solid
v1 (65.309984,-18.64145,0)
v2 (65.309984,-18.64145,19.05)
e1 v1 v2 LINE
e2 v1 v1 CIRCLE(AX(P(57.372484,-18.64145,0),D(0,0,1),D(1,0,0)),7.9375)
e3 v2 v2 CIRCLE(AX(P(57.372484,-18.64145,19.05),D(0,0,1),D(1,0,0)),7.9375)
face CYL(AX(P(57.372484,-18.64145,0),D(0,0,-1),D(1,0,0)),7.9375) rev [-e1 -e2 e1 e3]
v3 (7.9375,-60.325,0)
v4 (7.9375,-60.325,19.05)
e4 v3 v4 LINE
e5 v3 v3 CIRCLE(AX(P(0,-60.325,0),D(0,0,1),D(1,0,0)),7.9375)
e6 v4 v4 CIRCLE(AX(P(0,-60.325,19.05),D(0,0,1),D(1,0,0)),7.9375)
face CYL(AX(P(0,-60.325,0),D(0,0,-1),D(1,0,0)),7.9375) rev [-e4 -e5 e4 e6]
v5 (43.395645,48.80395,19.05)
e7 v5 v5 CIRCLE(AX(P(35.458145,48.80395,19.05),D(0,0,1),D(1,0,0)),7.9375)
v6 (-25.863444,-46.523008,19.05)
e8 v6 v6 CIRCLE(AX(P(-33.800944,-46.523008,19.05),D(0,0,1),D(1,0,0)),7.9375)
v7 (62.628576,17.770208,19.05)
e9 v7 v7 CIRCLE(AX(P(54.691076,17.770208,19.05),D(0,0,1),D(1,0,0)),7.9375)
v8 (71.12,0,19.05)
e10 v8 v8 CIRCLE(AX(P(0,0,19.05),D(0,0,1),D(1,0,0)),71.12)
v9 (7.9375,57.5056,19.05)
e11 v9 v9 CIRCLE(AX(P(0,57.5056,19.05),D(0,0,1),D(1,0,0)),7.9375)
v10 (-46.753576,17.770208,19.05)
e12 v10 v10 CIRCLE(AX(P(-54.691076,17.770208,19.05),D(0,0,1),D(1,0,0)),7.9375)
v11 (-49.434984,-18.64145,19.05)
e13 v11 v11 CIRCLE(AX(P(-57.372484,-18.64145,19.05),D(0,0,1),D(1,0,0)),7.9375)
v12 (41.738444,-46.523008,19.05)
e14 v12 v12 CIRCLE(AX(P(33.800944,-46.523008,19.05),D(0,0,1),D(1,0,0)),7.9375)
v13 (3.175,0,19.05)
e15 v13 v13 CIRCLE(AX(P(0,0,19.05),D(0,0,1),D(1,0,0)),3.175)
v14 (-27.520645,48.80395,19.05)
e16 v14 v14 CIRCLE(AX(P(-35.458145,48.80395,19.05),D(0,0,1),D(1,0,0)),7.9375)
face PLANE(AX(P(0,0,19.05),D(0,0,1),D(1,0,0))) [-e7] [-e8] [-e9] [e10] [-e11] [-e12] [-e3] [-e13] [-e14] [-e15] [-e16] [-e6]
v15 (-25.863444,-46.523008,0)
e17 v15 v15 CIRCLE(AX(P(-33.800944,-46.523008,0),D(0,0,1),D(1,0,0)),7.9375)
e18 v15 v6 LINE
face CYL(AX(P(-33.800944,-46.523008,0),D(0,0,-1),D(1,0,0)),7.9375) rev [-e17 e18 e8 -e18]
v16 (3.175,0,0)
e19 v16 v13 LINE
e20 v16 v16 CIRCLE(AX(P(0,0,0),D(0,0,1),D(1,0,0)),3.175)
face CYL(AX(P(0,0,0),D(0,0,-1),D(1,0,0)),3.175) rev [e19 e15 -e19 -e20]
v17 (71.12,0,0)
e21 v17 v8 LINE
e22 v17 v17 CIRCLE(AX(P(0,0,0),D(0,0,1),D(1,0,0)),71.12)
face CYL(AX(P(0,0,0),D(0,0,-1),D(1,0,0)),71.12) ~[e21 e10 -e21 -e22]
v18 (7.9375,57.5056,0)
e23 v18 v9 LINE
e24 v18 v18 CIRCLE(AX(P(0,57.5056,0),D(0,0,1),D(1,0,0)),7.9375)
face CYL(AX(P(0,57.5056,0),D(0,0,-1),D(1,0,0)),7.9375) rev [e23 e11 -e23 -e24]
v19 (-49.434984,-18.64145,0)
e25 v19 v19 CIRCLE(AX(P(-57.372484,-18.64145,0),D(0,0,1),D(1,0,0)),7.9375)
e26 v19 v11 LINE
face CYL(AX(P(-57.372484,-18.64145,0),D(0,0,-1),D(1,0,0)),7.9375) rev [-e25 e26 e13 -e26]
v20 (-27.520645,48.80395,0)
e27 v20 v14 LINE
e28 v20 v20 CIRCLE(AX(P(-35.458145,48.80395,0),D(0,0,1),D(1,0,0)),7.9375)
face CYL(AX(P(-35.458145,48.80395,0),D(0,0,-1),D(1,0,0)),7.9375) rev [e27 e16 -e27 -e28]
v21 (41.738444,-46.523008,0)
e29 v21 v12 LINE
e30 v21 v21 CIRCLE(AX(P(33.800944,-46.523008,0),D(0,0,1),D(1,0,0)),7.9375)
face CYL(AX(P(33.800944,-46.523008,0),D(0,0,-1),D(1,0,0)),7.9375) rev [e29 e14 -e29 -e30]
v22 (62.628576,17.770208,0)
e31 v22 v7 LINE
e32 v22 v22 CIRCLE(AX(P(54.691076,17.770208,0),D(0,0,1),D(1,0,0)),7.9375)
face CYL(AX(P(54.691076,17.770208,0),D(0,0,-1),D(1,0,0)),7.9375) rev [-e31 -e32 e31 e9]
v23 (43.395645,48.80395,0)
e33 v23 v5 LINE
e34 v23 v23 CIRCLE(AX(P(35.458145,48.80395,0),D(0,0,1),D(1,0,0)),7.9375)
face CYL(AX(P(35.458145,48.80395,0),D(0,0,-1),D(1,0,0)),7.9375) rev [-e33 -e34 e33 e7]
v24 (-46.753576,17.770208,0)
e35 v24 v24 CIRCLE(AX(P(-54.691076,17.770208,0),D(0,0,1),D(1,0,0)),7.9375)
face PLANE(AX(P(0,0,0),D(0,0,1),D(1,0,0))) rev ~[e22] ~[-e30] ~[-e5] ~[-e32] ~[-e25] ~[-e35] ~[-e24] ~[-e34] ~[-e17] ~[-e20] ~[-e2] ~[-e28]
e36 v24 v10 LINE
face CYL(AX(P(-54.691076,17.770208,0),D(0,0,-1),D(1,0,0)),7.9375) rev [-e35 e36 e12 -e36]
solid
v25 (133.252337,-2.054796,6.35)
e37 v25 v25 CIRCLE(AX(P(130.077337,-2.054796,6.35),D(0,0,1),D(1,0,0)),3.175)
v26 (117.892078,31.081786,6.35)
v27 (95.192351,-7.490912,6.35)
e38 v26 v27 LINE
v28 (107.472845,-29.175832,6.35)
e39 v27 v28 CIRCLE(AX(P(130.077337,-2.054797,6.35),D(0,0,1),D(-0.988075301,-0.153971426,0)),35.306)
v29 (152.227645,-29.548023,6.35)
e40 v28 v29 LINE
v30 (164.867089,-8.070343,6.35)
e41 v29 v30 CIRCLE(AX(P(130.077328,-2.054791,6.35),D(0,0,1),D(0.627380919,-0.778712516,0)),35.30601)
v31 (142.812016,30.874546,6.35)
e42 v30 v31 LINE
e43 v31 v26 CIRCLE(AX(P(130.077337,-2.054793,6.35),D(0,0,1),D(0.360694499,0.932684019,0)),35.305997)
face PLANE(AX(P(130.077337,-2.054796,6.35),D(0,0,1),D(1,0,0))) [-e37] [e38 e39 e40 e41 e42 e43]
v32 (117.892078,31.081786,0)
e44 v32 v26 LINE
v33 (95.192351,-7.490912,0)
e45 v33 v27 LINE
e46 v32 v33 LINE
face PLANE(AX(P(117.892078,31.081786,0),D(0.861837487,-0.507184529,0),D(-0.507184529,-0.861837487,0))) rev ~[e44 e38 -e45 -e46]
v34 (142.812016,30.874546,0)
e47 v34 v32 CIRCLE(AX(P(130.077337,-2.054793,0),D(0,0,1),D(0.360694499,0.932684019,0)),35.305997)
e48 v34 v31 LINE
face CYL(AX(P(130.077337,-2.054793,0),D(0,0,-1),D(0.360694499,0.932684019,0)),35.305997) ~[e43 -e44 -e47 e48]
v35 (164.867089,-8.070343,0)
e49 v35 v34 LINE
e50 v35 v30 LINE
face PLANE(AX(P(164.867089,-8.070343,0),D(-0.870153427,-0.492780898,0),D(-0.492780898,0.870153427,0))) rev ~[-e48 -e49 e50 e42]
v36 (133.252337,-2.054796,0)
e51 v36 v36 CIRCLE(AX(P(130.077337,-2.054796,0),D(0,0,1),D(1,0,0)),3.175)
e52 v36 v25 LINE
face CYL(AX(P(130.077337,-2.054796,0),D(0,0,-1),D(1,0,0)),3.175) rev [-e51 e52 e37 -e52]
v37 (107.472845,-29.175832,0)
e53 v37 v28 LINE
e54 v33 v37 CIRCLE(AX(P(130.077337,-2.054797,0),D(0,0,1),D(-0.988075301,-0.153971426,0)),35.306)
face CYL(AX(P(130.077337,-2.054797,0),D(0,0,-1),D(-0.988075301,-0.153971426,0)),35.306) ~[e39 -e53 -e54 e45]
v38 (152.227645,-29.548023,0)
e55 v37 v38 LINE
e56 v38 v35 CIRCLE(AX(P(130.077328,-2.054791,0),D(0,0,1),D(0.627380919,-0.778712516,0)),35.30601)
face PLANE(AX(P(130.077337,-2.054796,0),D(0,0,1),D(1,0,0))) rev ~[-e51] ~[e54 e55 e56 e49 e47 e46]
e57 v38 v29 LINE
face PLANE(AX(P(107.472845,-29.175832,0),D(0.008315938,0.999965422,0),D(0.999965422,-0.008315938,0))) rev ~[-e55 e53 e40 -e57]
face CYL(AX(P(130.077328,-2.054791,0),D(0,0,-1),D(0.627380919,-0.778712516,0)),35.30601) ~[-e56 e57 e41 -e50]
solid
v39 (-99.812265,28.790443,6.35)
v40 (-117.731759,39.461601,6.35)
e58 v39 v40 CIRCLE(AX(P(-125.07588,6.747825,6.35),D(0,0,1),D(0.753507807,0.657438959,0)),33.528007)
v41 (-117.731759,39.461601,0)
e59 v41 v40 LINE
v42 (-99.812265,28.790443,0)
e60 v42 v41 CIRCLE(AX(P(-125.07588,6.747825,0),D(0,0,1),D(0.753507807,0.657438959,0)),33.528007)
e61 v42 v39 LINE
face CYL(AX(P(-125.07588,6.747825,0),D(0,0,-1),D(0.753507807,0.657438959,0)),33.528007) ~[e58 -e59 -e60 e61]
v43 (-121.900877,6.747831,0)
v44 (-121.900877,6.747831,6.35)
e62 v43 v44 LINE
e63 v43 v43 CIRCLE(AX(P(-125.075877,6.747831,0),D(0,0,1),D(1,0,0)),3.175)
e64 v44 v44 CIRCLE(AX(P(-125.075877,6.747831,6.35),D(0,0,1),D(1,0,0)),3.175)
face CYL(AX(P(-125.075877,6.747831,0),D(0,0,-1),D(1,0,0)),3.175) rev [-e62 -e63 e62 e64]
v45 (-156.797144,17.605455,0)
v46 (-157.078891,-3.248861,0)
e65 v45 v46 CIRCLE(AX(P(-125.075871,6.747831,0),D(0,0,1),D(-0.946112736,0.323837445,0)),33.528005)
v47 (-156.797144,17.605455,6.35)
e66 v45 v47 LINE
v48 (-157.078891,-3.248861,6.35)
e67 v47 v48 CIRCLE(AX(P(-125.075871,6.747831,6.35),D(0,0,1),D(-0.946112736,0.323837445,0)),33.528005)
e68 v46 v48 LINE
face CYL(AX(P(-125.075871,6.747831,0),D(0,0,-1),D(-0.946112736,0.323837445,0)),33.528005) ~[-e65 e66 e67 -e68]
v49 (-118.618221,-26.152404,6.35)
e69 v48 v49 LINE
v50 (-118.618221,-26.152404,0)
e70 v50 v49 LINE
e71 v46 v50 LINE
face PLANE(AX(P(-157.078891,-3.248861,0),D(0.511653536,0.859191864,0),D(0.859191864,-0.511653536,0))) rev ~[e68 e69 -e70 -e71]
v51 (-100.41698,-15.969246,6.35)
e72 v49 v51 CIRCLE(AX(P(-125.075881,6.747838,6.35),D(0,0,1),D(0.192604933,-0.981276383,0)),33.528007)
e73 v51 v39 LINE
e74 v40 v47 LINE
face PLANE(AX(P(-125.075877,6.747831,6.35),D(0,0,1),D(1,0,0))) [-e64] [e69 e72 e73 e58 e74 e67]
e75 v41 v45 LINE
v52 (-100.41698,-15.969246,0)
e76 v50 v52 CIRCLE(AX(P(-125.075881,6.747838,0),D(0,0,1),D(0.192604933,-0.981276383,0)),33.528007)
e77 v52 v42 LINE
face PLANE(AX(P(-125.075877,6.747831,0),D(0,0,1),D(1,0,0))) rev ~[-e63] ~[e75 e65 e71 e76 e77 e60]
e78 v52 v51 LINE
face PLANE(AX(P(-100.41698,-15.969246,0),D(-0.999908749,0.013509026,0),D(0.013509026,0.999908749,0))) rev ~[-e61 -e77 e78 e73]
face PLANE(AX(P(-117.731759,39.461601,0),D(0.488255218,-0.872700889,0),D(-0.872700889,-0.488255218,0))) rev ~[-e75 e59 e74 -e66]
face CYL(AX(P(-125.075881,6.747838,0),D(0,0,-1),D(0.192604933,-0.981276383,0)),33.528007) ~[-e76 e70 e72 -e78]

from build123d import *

# Parameters (mm, degrees)
F0_R     = 71.12
F0_R_2   = 7.9375
F0_R_3   = 3.175
F2_DEPTH = 19.05
F1_R     = 3.175
F3_DEPTH = 6.35


with BuildPart() as f2:
    # F0 (on Top) → F2 (new body)
    with BuildSketch(Plane.XY):
        Circle(F0_R)
        with Locations((0, -60.325)):
            Circle(F0_R_2, mode=Mode.SUBTRACT)
        with Locations((-33.800944, -46.523008)):
            Circle(F0_R_2, mode=Mode.SUBTRACT)
        with Locations((-57.372484, -18.64145)):
            Circle(F0_R_2, mode=Mode.SUBTRACT)
        Circle(F0_R_3, mode=Mode.SUBTRACT)
        with Locations((33.800944, -46.523008)):
            Circle(F0_R_2, mode=Mode.SUBTRACT)
        with Locations((57.372484, -18.64145)):
            Circle(F0_R_2, mode=Mode.SUBTRACT)
        with Locations((-54.691076, 17.770208)):
            Circle(F0_R_2, mode=Mode.SUBTRACT)
        with Locations((-35.458145, 48.80395)):
            Circle(F0_R_2, mode=Mode.SUBTRACT)
        with Locations((0, 57.5056)):
            Circle(F0_R_2, mode=Mode.SUBTRACT)
        with Locations((54.691076, 17.770208)):
            Circle(F0_R_2, mode=Mode.SUBTRACT)
        with Locations((35.458145, 48.80395)):
            Circle(F0_R_2, mode=Mode.SUBTRACT)
    extrude(amount=F2_DEPTH)


with BuildPart() as f3:
    # F1 (on Top) → F3 (new body)
    with BuildSketch(Plane.XY):
        with BuildLine():
            Line((-117.731759, 39.461601), (-156.797144, 17.605455))
            ThreePointArc((-156.797144, 17.605455), (-158.600817, 7.200762), (-157.078891, -3.248861))
            Line((-157.078891, -3.248861), (-118.618221, -26.152404))
            ThreePointArc((-118.618221, -26.152404), (-108.705656, -22.512084), (-100.41698, -15.969246))
            Line((-100.41698, -15.969246), (-99.812265, 28.790443))
            ThreePointArc((-99.812265, 28.790443), (-107.921157, 35.554816), (-117.731759, 39.461601))
        make_face()
        with Locations((-125.075877, 6.747831)):
            Circle(F1_R, mode=Mode.SUBTRACT)
        with BuildLine():
            Line((117.892078, 31.081786), (95.192351, -7.490912))
            ThreePointArc((95.192351, -7.490912), (99.3557, -19.452918), (107.472845, -29.175832))
            Line((107.472845, -29.175832), (152.227645, -29.548023))
            ThreePointArc((152.227645, -29.548023), (160.505371, -19.961453), (164.867089, -8.070343))
            Line((164.867089, -8.070343), (142.812016, 30.874546))
            ThreePointArc((142.812016, 30.874546), (130.37094, 33.249983), (117.892078, 31.081786))
        make_face()
        with Locations((130.077337, -2.054796)):
            Circle(F1_R, mode=Mode.SUBTRACT)
    extrude(amount=F3_DEPTH)


solid = Compound([f2.part, f3.part])
